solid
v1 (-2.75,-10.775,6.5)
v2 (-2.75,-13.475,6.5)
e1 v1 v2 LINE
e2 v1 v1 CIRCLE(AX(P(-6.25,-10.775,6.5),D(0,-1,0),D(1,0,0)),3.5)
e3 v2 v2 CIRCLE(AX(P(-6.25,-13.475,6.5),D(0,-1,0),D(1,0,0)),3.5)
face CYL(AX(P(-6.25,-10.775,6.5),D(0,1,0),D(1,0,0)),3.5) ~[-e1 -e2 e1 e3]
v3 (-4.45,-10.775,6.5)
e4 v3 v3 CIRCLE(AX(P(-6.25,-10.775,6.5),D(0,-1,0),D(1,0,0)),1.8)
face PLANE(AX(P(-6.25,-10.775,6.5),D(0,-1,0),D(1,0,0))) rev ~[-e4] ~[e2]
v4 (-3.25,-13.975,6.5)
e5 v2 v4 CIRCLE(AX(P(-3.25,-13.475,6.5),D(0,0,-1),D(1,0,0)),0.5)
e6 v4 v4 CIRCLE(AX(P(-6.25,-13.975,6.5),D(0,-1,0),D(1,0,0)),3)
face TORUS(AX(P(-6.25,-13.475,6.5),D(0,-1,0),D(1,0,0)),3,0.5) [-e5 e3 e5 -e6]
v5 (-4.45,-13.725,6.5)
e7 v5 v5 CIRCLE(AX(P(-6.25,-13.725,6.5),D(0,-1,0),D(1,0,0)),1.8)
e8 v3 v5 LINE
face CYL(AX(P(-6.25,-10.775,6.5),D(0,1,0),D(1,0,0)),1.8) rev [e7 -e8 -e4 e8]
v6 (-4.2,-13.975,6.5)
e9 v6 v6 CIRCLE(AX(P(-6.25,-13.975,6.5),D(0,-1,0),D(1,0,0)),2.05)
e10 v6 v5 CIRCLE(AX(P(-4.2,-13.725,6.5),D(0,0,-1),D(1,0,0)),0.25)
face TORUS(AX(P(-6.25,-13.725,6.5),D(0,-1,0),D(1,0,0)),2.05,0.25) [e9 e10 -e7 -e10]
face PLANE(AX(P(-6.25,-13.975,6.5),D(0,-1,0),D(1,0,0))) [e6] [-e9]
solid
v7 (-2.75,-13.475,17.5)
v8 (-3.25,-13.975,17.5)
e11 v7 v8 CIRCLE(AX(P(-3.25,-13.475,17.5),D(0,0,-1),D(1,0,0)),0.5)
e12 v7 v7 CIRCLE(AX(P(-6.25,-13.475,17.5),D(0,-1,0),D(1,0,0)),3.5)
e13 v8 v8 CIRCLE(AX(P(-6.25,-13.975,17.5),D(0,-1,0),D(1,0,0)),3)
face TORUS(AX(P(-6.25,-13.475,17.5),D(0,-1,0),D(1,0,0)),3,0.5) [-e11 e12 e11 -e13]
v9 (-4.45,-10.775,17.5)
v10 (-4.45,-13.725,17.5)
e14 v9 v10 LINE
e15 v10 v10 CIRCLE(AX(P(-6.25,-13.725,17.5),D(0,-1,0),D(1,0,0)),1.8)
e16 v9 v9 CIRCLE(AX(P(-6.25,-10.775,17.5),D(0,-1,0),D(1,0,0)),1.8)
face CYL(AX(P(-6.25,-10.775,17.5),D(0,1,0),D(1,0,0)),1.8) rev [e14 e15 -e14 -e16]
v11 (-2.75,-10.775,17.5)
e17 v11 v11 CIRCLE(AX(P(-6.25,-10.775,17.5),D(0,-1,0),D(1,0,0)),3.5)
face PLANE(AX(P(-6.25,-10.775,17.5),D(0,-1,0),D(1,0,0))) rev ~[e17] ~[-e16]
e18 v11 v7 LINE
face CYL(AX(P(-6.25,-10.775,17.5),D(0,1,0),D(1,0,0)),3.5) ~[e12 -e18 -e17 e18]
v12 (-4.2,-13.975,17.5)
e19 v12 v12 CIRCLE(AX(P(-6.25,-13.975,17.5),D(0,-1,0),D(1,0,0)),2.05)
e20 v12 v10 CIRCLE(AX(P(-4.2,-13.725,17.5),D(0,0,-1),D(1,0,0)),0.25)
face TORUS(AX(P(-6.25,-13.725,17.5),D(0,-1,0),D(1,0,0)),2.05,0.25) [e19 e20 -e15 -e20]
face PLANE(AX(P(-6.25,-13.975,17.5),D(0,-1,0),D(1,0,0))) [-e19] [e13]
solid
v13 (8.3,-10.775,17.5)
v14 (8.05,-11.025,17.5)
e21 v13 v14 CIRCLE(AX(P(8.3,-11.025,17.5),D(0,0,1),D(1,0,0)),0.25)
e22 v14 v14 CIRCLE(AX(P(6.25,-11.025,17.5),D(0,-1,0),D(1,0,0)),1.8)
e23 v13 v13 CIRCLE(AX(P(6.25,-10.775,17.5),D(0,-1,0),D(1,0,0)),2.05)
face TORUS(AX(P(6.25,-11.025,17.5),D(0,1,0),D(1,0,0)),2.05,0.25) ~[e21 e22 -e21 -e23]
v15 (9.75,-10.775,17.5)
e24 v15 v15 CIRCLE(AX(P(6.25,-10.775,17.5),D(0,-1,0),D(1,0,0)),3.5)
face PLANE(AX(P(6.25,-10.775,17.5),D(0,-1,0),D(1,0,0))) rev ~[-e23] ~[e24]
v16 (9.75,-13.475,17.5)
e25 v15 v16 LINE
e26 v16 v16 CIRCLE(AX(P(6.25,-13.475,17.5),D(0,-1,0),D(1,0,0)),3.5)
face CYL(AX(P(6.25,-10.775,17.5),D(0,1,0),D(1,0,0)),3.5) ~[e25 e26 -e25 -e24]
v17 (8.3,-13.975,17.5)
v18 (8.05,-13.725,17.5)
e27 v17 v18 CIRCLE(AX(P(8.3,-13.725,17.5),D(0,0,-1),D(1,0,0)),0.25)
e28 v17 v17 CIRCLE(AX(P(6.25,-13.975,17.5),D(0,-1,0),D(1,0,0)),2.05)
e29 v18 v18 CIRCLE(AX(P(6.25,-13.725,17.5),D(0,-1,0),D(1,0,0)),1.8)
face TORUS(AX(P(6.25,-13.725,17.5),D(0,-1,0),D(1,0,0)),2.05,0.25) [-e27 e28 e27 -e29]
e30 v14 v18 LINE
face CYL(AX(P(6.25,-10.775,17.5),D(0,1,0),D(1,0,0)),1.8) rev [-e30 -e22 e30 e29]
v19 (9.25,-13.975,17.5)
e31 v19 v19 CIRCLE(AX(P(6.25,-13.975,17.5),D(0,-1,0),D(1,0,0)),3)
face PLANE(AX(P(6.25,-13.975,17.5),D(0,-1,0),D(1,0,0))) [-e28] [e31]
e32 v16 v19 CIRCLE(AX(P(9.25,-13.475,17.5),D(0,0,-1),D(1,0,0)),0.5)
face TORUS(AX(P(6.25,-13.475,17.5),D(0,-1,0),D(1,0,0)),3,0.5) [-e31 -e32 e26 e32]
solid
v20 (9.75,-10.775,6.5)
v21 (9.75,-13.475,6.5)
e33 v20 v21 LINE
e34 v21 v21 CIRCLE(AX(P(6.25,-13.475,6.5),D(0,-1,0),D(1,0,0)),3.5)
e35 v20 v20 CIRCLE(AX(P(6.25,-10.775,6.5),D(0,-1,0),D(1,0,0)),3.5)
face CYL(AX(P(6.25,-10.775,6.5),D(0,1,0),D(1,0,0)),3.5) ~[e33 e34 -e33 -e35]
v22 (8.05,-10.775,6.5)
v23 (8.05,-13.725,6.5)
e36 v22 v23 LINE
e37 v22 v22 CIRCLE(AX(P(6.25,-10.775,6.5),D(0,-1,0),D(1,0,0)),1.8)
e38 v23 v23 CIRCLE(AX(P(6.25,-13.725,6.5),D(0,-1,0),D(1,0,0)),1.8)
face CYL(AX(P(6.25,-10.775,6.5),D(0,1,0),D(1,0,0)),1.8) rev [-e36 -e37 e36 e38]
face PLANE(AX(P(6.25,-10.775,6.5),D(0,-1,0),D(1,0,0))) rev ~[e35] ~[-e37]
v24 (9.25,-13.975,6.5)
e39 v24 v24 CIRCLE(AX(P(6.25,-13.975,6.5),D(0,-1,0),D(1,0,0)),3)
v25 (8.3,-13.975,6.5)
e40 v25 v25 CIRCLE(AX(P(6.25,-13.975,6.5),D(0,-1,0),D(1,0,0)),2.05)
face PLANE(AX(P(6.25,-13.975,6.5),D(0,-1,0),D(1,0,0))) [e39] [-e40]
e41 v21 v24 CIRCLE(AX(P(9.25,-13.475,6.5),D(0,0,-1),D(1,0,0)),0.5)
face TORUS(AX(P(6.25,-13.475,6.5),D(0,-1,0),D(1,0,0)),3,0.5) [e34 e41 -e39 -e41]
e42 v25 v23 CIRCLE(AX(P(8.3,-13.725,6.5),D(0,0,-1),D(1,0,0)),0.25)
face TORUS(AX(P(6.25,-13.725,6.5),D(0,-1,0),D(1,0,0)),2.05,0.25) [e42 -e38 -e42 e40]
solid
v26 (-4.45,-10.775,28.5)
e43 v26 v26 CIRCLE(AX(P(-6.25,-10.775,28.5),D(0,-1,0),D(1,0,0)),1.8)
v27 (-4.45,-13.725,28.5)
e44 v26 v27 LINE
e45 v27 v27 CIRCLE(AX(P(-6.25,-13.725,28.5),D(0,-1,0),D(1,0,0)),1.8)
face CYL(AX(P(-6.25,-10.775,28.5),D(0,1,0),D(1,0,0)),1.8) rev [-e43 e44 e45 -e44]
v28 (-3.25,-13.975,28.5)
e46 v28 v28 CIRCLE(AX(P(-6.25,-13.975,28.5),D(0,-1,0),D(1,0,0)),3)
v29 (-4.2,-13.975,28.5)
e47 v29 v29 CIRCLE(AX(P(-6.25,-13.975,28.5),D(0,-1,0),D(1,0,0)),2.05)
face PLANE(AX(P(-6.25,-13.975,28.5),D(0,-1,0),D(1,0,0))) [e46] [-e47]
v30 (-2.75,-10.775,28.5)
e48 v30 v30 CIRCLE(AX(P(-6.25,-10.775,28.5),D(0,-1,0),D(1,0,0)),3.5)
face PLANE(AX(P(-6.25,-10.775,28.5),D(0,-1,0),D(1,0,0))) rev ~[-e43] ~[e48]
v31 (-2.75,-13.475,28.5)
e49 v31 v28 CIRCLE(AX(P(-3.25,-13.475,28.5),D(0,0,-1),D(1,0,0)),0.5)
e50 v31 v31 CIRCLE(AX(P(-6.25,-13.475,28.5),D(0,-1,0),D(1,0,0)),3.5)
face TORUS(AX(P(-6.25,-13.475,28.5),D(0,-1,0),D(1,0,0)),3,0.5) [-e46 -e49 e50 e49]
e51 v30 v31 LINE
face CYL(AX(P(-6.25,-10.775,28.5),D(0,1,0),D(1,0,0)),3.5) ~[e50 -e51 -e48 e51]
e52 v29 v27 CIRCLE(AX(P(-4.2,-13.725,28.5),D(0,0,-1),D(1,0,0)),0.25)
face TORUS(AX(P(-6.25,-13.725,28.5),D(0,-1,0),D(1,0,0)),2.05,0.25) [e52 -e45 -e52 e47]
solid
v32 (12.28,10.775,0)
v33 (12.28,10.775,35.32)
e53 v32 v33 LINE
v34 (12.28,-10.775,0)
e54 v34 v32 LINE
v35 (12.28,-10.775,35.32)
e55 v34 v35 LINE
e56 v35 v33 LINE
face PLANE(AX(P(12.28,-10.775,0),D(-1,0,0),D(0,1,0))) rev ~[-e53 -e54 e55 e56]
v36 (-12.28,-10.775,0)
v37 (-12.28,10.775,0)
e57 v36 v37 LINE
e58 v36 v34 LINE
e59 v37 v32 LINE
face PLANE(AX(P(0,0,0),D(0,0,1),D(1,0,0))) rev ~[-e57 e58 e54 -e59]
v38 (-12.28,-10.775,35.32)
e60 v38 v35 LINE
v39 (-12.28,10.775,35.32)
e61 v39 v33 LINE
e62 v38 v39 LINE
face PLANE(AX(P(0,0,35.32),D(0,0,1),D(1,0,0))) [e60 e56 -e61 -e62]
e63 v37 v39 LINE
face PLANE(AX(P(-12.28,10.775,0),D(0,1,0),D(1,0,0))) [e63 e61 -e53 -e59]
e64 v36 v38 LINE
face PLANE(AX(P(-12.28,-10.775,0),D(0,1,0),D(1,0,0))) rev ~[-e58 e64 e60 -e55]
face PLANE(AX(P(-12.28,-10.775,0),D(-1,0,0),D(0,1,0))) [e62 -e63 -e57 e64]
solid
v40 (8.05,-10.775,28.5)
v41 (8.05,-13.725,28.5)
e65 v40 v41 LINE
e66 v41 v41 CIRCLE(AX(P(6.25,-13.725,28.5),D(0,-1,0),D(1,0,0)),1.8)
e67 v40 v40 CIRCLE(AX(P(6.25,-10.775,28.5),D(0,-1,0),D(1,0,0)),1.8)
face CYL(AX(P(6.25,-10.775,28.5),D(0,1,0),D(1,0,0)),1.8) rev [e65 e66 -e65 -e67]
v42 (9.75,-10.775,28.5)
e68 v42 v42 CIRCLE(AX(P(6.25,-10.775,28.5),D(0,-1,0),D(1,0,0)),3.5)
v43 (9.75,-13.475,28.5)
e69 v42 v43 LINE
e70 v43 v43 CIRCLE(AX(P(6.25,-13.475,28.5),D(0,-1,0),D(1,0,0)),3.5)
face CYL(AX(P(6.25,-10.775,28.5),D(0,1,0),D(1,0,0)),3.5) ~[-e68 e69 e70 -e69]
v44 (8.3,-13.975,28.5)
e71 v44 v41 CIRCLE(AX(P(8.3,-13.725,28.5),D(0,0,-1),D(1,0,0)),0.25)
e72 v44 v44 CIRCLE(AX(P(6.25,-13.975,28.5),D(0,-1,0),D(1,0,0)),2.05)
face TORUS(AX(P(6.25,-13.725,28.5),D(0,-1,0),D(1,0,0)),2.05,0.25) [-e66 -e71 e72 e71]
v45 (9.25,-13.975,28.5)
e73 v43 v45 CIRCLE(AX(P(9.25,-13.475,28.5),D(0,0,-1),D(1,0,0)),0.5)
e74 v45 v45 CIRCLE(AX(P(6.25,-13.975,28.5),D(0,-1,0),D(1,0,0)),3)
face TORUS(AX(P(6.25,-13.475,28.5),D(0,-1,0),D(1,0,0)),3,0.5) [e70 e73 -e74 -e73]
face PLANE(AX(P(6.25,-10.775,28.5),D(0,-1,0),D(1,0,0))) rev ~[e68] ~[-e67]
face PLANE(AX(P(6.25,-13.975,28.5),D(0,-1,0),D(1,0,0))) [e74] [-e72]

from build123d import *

# Parameters (mm, degrees)
F4_W     = 24.56
F4_H     = 21.55
F0_DEPTH = 35.32
F5_R     = 3.5
F5_R_2   = 1.8
F1_DEPTH = 3.2
F2_R     = 0.5
F3_R     = 0.25


with BuildPart() as f0:
    # F4 (on Top) → F0 (new body)
    with BuildSketch(Plane.XY):
        Rectangle(F4_W, F4_H)
    extrude(amount=F0_DEPTH)


with BuildPart() as f1:
    # F5 (on face) → F1 (new body)
    with BuildSketch(Plane.XZ.offset(10.775)):
        with Locations((-6.25, 28.5)):
            Circle(F5_R)
        with Locations((-6.25, 28.5)):
            Circle(F5_R_2, mode=Mode.SUBTRACT)
        with Locations((6.25, 28.5)):
            Circle(F5_R)
        with Locations((6.25, 28.5)):
            Circle(F5_R_2, mode=Mode.SUBTRACT)
        with Locations((6.25, 6.5)):
            Circle(F5_R)
        with Locations((6.25, 6.5)):
            Circle(F5_R_2, mode=Mode.SUBTRACT)
        with Locations((-6.25, 6.5)):
            Circle(F5_R)
        with Locations((-6.25, 6.5)):
            Circle(F5_R_2, mode=Mode.SUBTRACT)
        with Locations((-6.25, 17.5)):
            Circle(F5_R)
        with Locations((-6.25, 17.5)):
            Circle(F5_R_2, mode=Mode.SUBTRACT)
        with Locations((6.25, 17.5)):
            Circle(F5_R)
        with Locations((6.25, 17.5)):
            Circle(F5_R_2, mode=Mode.SUBTRACT)
    extrude(amount=F1_DEPTH)

    # F2
    f2_edges = [f1.edges().sort_by_distance(p)[0] for p in [
        (-9.75, -13.975, 28.5),
        (2.75, -13.975, 28.5),
        (-9.75, -13.975, 17.5),
        (2.75, -13.975, 17.5),
        (-9.75, -13.975, 6.5),
        (2.75, -13.975, 6.5),
    ]]
    fillet(f2_edges, radius=F2_R)

    # F3
    f3_edges = [f1.edges().sort_by_distance(p)[0] for p in [
        (-8.05, -13.975, 28.5),
        (4.45, -13.975, 28.5),
        (-8.05, -13.975, 17.5),
        (8.05, -12.375, 17.5),
        (4.45, -10.775, 17.5),
        (4.45, -13.975, 17.5),
        (-8.05, -13.975, 6.5),
        (4.45, -13.975, 6.5),
    ]]
    fillet(f3_edges, radius=F3_R)


solid = Compound([f0.part, f1.part])
